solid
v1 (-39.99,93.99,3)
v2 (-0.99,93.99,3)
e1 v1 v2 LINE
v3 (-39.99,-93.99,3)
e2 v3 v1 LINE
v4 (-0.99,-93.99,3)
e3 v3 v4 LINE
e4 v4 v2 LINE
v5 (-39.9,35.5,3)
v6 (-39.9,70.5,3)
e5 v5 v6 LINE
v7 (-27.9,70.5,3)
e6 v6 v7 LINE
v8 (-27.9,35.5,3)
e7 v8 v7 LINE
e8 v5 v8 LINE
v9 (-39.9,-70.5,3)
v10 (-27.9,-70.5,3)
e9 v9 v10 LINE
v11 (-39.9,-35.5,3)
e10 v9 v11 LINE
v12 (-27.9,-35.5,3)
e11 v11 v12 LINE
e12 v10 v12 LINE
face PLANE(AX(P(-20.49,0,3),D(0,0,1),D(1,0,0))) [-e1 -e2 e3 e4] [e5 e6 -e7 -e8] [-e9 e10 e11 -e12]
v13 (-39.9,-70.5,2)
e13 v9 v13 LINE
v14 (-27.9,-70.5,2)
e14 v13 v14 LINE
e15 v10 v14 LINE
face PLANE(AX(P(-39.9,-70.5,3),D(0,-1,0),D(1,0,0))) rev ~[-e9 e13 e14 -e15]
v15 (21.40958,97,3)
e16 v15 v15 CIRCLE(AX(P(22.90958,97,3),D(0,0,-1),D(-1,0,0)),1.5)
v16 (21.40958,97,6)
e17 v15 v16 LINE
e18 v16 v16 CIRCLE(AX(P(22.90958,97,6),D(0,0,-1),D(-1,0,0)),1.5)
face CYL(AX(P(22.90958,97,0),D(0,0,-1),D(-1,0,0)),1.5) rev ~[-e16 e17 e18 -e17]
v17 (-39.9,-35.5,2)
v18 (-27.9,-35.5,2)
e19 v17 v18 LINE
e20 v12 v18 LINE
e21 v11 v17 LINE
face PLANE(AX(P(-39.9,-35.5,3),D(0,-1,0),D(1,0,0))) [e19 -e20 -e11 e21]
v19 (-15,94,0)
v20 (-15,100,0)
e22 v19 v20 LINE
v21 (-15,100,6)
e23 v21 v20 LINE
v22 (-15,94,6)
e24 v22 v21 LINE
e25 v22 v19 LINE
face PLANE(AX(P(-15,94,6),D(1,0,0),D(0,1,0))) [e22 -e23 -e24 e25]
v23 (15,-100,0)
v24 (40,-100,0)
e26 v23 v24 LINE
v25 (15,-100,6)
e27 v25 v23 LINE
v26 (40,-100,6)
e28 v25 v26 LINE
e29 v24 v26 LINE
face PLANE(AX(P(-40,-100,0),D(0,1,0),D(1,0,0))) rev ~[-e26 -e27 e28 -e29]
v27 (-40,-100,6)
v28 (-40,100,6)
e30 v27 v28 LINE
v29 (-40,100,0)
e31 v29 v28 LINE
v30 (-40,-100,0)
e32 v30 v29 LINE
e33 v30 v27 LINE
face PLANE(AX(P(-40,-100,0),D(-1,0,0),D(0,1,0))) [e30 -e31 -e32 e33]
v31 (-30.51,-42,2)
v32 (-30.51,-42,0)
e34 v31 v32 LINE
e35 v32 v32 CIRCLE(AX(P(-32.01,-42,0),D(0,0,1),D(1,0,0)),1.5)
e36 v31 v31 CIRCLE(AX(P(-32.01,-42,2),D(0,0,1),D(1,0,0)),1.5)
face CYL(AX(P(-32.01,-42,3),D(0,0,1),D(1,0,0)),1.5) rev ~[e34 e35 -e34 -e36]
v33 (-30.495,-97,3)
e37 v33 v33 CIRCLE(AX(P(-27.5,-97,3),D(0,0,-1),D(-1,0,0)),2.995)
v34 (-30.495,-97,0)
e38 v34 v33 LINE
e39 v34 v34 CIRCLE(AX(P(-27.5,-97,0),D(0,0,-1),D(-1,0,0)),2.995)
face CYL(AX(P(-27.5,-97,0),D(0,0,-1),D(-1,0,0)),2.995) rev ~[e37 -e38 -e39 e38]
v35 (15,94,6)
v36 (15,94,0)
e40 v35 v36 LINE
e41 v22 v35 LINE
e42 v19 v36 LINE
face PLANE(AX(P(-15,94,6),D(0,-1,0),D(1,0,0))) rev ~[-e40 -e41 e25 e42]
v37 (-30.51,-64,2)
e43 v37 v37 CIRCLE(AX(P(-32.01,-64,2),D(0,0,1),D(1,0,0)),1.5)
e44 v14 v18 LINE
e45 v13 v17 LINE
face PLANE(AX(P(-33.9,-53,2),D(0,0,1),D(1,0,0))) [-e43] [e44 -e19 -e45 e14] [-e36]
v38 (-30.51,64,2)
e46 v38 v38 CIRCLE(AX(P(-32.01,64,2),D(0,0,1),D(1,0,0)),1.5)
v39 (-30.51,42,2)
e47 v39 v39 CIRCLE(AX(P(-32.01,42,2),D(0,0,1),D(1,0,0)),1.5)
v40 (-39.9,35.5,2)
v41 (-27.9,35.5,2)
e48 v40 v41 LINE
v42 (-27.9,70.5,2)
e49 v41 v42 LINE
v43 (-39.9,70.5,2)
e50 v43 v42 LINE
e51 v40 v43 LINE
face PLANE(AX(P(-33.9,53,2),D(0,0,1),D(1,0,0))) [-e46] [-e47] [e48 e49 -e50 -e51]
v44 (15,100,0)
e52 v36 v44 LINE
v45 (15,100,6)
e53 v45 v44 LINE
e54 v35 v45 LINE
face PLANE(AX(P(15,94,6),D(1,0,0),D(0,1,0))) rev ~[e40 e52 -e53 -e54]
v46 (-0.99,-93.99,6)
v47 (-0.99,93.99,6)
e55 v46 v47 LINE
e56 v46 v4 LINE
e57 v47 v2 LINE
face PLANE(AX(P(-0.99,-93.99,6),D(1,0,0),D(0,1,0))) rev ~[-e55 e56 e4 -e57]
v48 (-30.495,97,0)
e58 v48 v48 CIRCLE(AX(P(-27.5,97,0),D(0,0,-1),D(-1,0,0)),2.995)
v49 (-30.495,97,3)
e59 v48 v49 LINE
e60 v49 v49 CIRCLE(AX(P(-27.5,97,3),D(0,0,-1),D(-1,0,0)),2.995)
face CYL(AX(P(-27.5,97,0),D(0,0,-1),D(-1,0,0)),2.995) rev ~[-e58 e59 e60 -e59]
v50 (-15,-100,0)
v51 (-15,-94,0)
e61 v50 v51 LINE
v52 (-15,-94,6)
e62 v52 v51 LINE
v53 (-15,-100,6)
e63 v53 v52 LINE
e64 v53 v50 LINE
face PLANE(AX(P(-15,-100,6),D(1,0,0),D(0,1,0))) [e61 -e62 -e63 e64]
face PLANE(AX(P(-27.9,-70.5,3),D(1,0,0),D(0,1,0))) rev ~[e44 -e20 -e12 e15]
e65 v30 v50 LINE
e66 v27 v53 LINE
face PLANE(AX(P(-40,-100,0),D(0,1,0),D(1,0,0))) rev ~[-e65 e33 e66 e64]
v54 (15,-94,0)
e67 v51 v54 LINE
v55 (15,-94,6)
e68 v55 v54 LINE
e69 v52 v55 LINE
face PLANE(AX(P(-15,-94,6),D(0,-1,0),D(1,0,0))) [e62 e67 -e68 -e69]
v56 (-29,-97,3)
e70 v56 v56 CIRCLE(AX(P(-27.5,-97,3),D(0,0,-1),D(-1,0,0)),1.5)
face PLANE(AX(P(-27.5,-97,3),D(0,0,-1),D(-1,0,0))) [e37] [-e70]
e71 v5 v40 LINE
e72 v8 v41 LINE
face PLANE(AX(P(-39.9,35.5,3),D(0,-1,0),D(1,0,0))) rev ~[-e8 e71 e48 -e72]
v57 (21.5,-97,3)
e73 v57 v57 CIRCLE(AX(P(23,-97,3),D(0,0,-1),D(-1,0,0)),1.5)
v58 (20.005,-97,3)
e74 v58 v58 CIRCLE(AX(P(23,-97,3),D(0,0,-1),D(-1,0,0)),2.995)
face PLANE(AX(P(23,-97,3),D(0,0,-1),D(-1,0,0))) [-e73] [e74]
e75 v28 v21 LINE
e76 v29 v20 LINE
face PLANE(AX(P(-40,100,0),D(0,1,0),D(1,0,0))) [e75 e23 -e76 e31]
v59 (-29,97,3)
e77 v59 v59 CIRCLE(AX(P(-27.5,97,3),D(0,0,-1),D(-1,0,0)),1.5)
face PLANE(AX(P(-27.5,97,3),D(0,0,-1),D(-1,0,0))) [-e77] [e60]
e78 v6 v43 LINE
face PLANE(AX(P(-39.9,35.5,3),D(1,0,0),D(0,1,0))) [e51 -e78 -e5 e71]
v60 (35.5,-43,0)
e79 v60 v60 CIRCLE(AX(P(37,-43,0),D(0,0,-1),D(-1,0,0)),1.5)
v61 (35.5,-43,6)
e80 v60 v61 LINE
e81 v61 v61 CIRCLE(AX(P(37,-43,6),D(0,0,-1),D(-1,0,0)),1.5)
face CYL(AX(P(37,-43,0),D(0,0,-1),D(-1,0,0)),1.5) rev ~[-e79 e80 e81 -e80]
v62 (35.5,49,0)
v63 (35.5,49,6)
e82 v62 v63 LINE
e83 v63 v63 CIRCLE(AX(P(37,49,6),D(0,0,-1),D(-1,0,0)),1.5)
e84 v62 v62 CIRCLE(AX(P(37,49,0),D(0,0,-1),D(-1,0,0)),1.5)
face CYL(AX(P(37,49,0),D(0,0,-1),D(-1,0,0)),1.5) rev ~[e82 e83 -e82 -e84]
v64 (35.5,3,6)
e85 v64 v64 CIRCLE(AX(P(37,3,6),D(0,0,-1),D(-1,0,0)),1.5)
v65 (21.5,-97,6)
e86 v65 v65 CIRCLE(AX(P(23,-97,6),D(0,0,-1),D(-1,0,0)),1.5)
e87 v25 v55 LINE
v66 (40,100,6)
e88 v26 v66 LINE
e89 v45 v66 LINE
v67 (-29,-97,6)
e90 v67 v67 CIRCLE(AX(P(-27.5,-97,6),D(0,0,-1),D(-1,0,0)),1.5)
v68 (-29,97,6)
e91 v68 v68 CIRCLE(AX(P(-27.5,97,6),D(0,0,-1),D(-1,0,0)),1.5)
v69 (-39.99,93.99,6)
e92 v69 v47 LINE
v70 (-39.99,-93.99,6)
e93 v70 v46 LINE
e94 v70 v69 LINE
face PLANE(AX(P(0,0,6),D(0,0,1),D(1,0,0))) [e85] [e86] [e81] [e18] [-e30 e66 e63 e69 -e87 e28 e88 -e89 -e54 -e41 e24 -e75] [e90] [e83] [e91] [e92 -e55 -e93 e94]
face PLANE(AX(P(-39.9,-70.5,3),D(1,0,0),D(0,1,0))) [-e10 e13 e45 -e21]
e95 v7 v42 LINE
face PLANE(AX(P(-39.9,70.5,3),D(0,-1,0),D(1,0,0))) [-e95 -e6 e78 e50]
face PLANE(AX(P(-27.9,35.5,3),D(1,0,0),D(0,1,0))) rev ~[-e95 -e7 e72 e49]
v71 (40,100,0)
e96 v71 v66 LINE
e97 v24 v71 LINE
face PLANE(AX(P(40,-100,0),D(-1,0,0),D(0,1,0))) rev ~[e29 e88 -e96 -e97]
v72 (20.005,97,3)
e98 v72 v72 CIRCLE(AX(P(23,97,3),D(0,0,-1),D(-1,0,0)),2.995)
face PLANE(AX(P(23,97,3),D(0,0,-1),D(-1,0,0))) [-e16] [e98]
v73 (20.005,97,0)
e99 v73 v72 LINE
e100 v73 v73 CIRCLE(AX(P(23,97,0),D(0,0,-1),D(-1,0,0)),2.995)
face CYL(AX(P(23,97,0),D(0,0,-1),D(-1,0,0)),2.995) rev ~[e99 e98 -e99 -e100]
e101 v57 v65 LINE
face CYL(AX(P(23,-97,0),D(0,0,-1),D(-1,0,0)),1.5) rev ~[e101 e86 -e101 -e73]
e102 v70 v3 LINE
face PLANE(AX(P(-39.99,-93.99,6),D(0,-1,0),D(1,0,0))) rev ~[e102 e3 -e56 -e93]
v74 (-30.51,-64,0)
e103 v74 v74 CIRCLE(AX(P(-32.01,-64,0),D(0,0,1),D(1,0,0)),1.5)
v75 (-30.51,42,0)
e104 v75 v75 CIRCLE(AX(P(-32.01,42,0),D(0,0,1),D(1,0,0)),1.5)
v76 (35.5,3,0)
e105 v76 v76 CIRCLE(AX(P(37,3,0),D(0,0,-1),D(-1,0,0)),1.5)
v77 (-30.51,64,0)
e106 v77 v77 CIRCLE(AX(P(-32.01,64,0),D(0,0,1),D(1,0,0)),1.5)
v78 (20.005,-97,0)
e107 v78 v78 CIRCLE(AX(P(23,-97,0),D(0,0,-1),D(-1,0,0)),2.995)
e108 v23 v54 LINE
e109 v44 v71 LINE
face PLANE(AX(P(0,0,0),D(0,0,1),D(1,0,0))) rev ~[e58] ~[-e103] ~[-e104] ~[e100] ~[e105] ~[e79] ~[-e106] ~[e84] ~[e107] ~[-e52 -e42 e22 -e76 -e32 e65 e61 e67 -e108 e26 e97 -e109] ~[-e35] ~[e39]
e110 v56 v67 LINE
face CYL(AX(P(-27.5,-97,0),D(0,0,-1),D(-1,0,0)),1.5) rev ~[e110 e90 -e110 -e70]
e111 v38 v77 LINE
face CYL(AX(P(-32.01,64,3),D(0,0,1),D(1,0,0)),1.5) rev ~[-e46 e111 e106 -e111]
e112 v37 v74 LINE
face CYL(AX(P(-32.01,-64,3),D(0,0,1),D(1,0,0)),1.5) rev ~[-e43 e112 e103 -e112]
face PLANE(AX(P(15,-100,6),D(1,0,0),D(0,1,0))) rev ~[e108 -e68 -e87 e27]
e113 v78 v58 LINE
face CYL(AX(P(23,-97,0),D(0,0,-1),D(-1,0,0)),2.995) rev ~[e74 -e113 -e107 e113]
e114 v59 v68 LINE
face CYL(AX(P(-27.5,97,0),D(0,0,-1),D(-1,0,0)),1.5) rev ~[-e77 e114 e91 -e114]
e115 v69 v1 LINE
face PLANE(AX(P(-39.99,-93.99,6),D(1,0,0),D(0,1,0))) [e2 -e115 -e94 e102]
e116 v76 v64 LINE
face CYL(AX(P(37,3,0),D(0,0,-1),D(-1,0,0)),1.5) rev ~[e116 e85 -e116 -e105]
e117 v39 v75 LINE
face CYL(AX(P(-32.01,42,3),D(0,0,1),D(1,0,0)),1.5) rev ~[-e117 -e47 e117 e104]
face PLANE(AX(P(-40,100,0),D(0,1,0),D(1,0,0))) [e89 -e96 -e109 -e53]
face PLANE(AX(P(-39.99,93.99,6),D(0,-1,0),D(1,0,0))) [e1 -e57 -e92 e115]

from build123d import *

# Parameters (mm, degrees)
ESQUISSE1_W             = 80
ESQUISSE1_H             = 200
BOSS_EXTRU_1_DEPTH      = 6
ESQUISSE4_W             = 39
ESQUISSE4_H             = 187.98
ENL_V_MAT_EXTRU_3_DEPTH = 3
ESQUISSE5_W             = 30
ESQUISSE5_H             = 6
ENL_V_MAT_EXTRU_4_DEPTH = 10
ESQUISSE6_R             = 2.995
ENL_V_MAT_EXTRU_5_DEPTH = 3
ESQUISSE7_R             = 1.5
ENL_V_MAT_EXTRU_6_DEPTH = 13
ESQUISSE8_R             = 1.5
ENL_V_MAT_EXTRU_7_DEPTH = 10
ESQUISSE9_R             = 1.5
ENL_V_MAT_EXTRU_8_DEPTH = 10
ESQUISSE10_W            = 12
ESQUISSE10_H            = 35
ENL_V_MAT_EXTRU_9_DEPTH = 1


with BuildPart() as part:
    # Esquisse1 → Boss.-Extru.1 (new body)
    with BuildSketch(Plane.XY):
        Rectangle(ESQUISSE1_W, ESQUISSE1_H)
    extrude(amount=BOSS_EXTRU_1_DEPTH)

    # Esquisse4 → Enlèv. mat.-Extru.3 (cut)
    with BuildSketch(Plane.XY.offset(6)):
        with Locations((-20.49, 0)):
            Rectangle(ESQUISSE4_W, ESQUISSE4_H)
    extrude(amount=-ENL_V_MAT_EXTRU_3_DEPTH, mode=Mode.SUBTRACT)

    # Esquisse5 → Enlèv. mat.-Extru.4 (cut)
    with BuildSketch(Plane.XY.offset(6)):
        with Locations((0, 97)):
            Rectangle(ESQUISSE5_W, ESQUISSE5_H)
        with Locations((0, -97)):
            Rectangle(ESQUISSE5_W, ESQUISSE5_H)
    extrude(amount=-ENL_V_MAT_EXTRU_4_DEPTH, mode=Mode.SUBTRACT)

    # Esquisse6 → Enlèv. mat.-Extru.5 (cut)
    with BuildSketch(Plane(origin=(0, 0, 0), x_dir=(-1, 0, 0), z_dir=(0, 0, -1))):
        with Locations((27.5, -97)):
            Circle(ESQUISSE6_R)
        with Locations((-23, -97)):
            Circle(ESQUISSE6_R)
        with Locations((27.5, 97)):
            Circle(ESQUISSE6_R)
        with Locations((-23, 97)):
            Circle(ESQUISSE6_R)
    extrude(amount=-ENL_V_MAT_EXTRU_5_DEPTH, mode=Mode.SUBTRACT)

    # Esquisse7 → Enlèv. mat.-Extru.6 (cut)
    with BuildSketch(Plane(origin=(0, 0, 0), x_dir=(-1, 0, 0), z_dir=(0, 0, -1))):
        with Locations((27.5, 97)):
            Circle(ESQUISSE7_R)
        with Locations((-22.909579605, 97)):
            Circle(ESQUISSE7_R)
        with Locations((27.5, -97)):
            Circle(ESQUISSE7_R)
        with Locations((-23, -97)):
            Circle(ESQUISSE7_R)
    extrude(amount=-ENL_V_MAT_EXTRU_6_DEPTH, mode=Mode.SUBTRACT)

    # Esquisse8 → Enlèv. mat.-Extru.7 (cut)
    with BuildSketch(Plane.XY.offset(3)):
        with Locations((-32.01, 64)):
            Circle(ESQUISSE8_R)
        with Locations((-32.01, 42)):
            Circle(ESQUISSE8_R)
        with Locations((-32.01, -42)):
            Circle(ESQUISSE8_R)
        with Locations((-32.01, -64)):
            Circle(ESQUISSE8_R)
    extrude(amount=-ENL_V_MAT_EXTRU_7_DEPTH, mode=Mode.SUBTRACT)

    # Esquisse9 → Enlèv. mat.-Extru.8 (cut)
    with BuildSketch(Plane(origin=(0, 0, 0), x_dir=(-1, 0, 0), z_dir=(0, 0, -1))):
        with Locations((-37, -43)):
            Circle(ESQUISSE9_R)
        with Locations((-37, 3)):
            Circle(ESQUISSE9_R)
        with Locations((-37, 49)):
            Circle(ESQUISSE9_R)
    extrude(amount=-ENL_V_MAT_EXTRU_8_DEPTH, mode=Mode.SUBTRACT)

    # Esquisse10 → Enlèv. mat.-Extru.9 (cut)
    with BuildSketch(Plane.XY.offset(3)):
        with Locations((-33.9, 53)):
            Rectangle(ESQUISSE10_W, ESQUISSE10_H)
        with Locations((-33.9, -53)):
            Rectangle(ESQUISSE10_W, ESQUISSE10_H)
    extrude(amount=-ENL_V_MAT_EXTRU_9_DEPTH, mode=Mode.SUBTRACT)


solid = part.part
